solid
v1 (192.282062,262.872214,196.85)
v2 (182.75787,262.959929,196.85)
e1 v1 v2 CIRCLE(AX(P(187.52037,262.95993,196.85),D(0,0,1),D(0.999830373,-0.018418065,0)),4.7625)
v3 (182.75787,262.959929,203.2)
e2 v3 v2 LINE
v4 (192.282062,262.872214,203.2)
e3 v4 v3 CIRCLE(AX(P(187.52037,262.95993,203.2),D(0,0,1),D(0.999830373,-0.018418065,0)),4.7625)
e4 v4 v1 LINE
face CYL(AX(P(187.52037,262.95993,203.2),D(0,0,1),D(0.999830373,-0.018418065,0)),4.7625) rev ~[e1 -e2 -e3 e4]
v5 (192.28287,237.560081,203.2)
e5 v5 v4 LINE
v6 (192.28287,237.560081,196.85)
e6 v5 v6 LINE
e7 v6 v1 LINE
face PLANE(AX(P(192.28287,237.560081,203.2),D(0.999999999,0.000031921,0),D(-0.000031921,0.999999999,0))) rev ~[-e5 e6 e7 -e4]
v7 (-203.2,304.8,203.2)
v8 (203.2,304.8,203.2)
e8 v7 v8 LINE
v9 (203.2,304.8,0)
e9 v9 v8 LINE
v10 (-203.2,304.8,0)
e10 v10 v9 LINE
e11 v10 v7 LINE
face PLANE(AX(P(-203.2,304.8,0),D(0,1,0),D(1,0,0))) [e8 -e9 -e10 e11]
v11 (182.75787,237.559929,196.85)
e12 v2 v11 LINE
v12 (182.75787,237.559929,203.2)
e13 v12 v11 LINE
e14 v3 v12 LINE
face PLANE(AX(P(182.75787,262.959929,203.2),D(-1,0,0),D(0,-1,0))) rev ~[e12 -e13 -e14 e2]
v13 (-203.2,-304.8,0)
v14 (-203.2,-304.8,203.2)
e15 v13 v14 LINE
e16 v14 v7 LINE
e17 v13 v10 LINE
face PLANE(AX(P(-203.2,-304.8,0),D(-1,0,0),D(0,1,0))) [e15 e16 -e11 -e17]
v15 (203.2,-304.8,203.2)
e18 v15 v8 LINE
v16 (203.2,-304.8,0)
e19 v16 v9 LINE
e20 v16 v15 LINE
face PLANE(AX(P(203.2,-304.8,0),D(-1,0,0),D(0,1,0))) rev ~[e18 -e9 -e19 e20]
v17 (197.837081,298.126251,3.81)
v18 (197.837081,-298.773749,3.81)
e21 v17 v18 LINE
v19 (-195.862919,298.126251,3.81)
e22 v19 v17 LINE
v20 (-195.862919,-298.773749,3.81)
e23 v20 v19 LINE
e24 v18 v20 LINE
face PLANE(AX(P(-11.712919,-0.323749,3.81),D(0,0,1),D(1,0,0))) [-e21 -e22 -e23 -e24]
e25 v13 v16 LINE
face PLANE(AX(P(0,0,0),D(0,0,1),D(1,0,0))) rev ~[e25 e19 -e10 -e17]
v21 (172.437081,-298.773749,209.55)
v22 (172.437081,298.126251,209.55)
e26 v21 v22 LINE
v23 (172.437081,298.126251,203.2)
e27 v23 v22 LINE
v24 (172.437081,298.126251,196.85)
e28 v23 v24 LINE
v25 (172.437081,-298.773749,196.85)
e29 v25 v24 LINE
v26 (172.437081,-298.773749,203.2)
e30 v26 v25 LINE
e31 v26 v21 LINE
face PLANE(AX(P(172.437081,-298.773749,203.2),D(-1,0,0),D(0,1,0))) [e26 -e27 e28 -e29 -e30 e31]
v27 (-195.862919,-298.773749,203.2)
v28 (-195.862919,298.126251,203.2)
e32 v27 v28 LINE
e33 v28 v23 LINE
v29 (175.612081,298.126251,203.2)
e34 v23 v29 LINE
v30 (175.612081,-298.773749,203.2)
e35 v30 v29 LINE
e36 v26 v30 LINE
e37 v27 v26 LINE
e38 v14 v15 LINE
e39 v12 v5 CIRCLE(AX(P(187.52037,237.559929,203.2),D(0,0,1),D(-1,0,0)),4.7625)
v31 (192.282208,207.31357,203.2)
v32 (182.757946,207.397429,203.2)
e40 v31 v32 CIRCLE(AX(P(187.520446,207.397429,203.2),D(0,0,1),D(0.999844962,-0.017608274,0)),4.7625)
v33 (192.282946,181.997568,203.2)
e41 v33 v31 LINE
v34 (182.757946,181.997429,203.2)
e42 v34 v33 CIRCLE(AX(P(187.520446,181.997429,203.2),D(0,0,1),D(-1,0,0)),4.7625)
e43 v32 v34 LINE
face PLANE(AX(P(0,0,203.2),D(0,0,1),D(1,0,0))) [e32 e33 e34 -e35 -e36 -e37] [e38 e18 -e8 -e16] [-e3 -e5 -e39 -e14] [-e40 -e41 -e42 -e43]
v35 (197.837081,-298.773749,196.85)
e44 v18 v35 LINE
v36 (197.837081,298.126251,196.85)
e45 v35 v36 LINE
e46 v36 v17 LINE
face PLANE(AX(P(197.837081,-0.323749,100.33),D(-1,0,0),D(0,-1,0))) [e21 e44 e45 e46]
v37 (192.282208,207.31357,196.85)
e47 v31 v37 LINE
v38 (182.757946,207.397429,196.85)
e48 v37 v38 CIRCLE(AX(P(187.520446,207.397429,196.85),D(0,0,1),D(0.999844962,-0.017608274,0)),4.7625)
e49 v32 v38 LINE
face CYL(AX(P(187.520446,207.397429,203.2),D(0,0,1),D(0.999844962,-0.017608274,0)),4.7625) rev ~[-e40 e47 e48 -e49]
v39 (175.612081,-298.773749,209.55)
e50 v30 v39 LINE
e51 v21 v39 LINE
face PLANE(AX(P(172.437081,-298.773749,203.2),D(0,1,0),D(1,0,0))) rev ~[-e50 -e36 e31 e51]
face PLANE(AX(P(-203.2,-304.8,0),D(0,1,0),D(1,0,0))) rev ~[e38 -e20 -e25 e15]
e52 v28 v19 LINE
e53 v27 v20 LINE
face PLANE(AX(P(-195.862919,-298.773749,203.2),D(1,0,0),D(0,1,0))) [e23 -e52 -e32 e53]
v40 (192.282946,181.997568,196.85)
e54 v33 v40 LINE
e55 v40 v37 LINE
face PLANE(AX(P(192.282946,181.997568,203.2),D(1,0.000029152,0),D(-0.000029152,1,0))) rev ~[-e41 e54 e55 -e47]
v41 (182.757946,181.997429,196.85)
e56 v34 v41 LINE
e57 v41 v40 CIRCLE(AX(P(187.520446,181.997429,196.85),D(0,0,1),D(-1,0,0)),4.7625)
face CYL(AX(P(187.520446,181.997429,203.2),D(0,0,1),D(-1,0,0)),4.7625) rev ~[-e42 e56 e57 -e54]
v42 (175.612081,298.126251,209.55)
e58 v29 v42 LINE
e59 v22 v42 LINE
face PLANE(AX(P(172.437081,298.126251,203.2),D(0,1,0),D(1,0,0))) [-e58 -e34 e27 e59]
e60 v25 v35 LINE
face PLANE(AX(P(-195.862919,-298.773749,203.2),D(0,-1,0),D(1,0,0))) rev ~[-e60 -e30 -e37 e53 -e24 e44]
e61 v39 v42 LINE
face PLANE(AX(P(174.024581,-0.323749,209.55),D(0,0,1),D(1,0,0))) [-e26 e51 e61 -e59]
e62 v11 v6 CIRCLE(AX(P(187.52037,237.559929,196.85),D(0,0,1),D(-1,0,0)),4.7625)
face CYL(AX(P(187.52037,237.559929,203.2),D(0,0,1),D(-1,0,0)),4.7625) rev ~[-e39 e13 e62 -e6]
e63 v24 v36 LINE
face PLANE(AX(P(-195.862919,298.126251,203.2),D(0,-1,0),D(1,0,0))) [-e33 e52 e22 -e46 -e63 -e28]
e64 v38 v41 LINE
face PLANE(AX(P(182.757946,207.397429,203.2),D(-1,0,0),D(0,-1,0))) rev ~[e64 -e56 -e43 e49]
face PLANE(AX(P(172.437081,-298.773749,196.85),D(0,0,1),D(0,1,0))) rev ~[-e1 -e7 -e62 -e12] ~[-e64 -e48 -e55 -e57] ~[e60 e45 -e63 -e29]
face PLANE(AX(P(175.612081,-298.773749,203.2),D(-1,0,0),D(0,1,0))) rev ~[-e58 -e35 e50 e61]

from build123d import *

# Parameters (mm, degrees)
F0_W     = 406.4
F0_H     = 609.6
F1_DEPTH = 203.2
F2_W     = 368.3
F2_H     = 596.9
F3_DEPTH = 199.39
F5_DEPTH = 25.4
F7_DEPTH = 25.4
F8_W     = 3.175
F8_H     = 596.9
F9_DEPTH = 6.35


with BuildPart() as f1:
    # F0 (on Top) → F1 (new body)
    with BuildSketch(Plane.XY):
        Rectangle(F0_W, F0_H)
    extrude(amount=F1_DEPTH)

    # F2 (on face) → F3 (cut)
    with BuildSketch(Plane.XY.offset(203.2)):
        with Locations((-11.712919, -0.323749)):
            Rectangle(F2_W, F2_H)
    extrude(amount=-F3_DEPTH, mode=Mode.SUBTRACT)

    # F4 (on face) → F5 (cut)
    with BuildSketch(Plane(origin=(172.437081, 0, 0), x_dir=(0, -1, 0), z_dir=(-1, 0, 0))):
        Polygon((-298.126251, 196.85), (-298.126251, 3.81), (298.773749, 3.81), (298.773749, 196.85), (-77.169992, 196.85), align=None)
    extrude(amount=-F5_DEPTH, mode=Mode.SUBTRACT)

    # F6 (on face) → F7 (cut)
    with BuildSketch(Plane.XY.offset(203.2)):
        with BuildLine():
            Line((192.28287, 237.560081), (192.282062, 262.872214))
            ThreePointArc((192.282062, 262.872214), (187.564229, 267.722228), (182.75787, 262.959929))
            Line((182.75787, 262.959929), (182.75787, 237.559929))
            ThreePointArc((182.75787, 237.559929), (187.520446, 232.797429), (192.28287, 237.560081))
        make_face()
        with BuildLine():
            Line((192.282946, 181.997568), (192.282208, 207.31357))
            ThreePointArc((192.282208, 207.31357), (187.562377, 212.159745), (182.757946, 207.397429))
            Line((182.757946, 207.397429), (182.757946, 181.997429))
            ThreePointArc((182.757946, 181.997429), (187.520515, 177.234929), (192.282946, 181.997568))
        make_face()
    extrude(amount=-F7_DEPTH, mode=Mode.SUBTRACT)

    # F8 (on face) → F9 (join)
    with BuildSketch(Plane.XY.offset(203.2)):
        with Locations((174.024581, -0.323749)):
            Rectangle(F8_W, F8_H)
    extrude(amount=F9_DEPTH)


solid = f1.part
